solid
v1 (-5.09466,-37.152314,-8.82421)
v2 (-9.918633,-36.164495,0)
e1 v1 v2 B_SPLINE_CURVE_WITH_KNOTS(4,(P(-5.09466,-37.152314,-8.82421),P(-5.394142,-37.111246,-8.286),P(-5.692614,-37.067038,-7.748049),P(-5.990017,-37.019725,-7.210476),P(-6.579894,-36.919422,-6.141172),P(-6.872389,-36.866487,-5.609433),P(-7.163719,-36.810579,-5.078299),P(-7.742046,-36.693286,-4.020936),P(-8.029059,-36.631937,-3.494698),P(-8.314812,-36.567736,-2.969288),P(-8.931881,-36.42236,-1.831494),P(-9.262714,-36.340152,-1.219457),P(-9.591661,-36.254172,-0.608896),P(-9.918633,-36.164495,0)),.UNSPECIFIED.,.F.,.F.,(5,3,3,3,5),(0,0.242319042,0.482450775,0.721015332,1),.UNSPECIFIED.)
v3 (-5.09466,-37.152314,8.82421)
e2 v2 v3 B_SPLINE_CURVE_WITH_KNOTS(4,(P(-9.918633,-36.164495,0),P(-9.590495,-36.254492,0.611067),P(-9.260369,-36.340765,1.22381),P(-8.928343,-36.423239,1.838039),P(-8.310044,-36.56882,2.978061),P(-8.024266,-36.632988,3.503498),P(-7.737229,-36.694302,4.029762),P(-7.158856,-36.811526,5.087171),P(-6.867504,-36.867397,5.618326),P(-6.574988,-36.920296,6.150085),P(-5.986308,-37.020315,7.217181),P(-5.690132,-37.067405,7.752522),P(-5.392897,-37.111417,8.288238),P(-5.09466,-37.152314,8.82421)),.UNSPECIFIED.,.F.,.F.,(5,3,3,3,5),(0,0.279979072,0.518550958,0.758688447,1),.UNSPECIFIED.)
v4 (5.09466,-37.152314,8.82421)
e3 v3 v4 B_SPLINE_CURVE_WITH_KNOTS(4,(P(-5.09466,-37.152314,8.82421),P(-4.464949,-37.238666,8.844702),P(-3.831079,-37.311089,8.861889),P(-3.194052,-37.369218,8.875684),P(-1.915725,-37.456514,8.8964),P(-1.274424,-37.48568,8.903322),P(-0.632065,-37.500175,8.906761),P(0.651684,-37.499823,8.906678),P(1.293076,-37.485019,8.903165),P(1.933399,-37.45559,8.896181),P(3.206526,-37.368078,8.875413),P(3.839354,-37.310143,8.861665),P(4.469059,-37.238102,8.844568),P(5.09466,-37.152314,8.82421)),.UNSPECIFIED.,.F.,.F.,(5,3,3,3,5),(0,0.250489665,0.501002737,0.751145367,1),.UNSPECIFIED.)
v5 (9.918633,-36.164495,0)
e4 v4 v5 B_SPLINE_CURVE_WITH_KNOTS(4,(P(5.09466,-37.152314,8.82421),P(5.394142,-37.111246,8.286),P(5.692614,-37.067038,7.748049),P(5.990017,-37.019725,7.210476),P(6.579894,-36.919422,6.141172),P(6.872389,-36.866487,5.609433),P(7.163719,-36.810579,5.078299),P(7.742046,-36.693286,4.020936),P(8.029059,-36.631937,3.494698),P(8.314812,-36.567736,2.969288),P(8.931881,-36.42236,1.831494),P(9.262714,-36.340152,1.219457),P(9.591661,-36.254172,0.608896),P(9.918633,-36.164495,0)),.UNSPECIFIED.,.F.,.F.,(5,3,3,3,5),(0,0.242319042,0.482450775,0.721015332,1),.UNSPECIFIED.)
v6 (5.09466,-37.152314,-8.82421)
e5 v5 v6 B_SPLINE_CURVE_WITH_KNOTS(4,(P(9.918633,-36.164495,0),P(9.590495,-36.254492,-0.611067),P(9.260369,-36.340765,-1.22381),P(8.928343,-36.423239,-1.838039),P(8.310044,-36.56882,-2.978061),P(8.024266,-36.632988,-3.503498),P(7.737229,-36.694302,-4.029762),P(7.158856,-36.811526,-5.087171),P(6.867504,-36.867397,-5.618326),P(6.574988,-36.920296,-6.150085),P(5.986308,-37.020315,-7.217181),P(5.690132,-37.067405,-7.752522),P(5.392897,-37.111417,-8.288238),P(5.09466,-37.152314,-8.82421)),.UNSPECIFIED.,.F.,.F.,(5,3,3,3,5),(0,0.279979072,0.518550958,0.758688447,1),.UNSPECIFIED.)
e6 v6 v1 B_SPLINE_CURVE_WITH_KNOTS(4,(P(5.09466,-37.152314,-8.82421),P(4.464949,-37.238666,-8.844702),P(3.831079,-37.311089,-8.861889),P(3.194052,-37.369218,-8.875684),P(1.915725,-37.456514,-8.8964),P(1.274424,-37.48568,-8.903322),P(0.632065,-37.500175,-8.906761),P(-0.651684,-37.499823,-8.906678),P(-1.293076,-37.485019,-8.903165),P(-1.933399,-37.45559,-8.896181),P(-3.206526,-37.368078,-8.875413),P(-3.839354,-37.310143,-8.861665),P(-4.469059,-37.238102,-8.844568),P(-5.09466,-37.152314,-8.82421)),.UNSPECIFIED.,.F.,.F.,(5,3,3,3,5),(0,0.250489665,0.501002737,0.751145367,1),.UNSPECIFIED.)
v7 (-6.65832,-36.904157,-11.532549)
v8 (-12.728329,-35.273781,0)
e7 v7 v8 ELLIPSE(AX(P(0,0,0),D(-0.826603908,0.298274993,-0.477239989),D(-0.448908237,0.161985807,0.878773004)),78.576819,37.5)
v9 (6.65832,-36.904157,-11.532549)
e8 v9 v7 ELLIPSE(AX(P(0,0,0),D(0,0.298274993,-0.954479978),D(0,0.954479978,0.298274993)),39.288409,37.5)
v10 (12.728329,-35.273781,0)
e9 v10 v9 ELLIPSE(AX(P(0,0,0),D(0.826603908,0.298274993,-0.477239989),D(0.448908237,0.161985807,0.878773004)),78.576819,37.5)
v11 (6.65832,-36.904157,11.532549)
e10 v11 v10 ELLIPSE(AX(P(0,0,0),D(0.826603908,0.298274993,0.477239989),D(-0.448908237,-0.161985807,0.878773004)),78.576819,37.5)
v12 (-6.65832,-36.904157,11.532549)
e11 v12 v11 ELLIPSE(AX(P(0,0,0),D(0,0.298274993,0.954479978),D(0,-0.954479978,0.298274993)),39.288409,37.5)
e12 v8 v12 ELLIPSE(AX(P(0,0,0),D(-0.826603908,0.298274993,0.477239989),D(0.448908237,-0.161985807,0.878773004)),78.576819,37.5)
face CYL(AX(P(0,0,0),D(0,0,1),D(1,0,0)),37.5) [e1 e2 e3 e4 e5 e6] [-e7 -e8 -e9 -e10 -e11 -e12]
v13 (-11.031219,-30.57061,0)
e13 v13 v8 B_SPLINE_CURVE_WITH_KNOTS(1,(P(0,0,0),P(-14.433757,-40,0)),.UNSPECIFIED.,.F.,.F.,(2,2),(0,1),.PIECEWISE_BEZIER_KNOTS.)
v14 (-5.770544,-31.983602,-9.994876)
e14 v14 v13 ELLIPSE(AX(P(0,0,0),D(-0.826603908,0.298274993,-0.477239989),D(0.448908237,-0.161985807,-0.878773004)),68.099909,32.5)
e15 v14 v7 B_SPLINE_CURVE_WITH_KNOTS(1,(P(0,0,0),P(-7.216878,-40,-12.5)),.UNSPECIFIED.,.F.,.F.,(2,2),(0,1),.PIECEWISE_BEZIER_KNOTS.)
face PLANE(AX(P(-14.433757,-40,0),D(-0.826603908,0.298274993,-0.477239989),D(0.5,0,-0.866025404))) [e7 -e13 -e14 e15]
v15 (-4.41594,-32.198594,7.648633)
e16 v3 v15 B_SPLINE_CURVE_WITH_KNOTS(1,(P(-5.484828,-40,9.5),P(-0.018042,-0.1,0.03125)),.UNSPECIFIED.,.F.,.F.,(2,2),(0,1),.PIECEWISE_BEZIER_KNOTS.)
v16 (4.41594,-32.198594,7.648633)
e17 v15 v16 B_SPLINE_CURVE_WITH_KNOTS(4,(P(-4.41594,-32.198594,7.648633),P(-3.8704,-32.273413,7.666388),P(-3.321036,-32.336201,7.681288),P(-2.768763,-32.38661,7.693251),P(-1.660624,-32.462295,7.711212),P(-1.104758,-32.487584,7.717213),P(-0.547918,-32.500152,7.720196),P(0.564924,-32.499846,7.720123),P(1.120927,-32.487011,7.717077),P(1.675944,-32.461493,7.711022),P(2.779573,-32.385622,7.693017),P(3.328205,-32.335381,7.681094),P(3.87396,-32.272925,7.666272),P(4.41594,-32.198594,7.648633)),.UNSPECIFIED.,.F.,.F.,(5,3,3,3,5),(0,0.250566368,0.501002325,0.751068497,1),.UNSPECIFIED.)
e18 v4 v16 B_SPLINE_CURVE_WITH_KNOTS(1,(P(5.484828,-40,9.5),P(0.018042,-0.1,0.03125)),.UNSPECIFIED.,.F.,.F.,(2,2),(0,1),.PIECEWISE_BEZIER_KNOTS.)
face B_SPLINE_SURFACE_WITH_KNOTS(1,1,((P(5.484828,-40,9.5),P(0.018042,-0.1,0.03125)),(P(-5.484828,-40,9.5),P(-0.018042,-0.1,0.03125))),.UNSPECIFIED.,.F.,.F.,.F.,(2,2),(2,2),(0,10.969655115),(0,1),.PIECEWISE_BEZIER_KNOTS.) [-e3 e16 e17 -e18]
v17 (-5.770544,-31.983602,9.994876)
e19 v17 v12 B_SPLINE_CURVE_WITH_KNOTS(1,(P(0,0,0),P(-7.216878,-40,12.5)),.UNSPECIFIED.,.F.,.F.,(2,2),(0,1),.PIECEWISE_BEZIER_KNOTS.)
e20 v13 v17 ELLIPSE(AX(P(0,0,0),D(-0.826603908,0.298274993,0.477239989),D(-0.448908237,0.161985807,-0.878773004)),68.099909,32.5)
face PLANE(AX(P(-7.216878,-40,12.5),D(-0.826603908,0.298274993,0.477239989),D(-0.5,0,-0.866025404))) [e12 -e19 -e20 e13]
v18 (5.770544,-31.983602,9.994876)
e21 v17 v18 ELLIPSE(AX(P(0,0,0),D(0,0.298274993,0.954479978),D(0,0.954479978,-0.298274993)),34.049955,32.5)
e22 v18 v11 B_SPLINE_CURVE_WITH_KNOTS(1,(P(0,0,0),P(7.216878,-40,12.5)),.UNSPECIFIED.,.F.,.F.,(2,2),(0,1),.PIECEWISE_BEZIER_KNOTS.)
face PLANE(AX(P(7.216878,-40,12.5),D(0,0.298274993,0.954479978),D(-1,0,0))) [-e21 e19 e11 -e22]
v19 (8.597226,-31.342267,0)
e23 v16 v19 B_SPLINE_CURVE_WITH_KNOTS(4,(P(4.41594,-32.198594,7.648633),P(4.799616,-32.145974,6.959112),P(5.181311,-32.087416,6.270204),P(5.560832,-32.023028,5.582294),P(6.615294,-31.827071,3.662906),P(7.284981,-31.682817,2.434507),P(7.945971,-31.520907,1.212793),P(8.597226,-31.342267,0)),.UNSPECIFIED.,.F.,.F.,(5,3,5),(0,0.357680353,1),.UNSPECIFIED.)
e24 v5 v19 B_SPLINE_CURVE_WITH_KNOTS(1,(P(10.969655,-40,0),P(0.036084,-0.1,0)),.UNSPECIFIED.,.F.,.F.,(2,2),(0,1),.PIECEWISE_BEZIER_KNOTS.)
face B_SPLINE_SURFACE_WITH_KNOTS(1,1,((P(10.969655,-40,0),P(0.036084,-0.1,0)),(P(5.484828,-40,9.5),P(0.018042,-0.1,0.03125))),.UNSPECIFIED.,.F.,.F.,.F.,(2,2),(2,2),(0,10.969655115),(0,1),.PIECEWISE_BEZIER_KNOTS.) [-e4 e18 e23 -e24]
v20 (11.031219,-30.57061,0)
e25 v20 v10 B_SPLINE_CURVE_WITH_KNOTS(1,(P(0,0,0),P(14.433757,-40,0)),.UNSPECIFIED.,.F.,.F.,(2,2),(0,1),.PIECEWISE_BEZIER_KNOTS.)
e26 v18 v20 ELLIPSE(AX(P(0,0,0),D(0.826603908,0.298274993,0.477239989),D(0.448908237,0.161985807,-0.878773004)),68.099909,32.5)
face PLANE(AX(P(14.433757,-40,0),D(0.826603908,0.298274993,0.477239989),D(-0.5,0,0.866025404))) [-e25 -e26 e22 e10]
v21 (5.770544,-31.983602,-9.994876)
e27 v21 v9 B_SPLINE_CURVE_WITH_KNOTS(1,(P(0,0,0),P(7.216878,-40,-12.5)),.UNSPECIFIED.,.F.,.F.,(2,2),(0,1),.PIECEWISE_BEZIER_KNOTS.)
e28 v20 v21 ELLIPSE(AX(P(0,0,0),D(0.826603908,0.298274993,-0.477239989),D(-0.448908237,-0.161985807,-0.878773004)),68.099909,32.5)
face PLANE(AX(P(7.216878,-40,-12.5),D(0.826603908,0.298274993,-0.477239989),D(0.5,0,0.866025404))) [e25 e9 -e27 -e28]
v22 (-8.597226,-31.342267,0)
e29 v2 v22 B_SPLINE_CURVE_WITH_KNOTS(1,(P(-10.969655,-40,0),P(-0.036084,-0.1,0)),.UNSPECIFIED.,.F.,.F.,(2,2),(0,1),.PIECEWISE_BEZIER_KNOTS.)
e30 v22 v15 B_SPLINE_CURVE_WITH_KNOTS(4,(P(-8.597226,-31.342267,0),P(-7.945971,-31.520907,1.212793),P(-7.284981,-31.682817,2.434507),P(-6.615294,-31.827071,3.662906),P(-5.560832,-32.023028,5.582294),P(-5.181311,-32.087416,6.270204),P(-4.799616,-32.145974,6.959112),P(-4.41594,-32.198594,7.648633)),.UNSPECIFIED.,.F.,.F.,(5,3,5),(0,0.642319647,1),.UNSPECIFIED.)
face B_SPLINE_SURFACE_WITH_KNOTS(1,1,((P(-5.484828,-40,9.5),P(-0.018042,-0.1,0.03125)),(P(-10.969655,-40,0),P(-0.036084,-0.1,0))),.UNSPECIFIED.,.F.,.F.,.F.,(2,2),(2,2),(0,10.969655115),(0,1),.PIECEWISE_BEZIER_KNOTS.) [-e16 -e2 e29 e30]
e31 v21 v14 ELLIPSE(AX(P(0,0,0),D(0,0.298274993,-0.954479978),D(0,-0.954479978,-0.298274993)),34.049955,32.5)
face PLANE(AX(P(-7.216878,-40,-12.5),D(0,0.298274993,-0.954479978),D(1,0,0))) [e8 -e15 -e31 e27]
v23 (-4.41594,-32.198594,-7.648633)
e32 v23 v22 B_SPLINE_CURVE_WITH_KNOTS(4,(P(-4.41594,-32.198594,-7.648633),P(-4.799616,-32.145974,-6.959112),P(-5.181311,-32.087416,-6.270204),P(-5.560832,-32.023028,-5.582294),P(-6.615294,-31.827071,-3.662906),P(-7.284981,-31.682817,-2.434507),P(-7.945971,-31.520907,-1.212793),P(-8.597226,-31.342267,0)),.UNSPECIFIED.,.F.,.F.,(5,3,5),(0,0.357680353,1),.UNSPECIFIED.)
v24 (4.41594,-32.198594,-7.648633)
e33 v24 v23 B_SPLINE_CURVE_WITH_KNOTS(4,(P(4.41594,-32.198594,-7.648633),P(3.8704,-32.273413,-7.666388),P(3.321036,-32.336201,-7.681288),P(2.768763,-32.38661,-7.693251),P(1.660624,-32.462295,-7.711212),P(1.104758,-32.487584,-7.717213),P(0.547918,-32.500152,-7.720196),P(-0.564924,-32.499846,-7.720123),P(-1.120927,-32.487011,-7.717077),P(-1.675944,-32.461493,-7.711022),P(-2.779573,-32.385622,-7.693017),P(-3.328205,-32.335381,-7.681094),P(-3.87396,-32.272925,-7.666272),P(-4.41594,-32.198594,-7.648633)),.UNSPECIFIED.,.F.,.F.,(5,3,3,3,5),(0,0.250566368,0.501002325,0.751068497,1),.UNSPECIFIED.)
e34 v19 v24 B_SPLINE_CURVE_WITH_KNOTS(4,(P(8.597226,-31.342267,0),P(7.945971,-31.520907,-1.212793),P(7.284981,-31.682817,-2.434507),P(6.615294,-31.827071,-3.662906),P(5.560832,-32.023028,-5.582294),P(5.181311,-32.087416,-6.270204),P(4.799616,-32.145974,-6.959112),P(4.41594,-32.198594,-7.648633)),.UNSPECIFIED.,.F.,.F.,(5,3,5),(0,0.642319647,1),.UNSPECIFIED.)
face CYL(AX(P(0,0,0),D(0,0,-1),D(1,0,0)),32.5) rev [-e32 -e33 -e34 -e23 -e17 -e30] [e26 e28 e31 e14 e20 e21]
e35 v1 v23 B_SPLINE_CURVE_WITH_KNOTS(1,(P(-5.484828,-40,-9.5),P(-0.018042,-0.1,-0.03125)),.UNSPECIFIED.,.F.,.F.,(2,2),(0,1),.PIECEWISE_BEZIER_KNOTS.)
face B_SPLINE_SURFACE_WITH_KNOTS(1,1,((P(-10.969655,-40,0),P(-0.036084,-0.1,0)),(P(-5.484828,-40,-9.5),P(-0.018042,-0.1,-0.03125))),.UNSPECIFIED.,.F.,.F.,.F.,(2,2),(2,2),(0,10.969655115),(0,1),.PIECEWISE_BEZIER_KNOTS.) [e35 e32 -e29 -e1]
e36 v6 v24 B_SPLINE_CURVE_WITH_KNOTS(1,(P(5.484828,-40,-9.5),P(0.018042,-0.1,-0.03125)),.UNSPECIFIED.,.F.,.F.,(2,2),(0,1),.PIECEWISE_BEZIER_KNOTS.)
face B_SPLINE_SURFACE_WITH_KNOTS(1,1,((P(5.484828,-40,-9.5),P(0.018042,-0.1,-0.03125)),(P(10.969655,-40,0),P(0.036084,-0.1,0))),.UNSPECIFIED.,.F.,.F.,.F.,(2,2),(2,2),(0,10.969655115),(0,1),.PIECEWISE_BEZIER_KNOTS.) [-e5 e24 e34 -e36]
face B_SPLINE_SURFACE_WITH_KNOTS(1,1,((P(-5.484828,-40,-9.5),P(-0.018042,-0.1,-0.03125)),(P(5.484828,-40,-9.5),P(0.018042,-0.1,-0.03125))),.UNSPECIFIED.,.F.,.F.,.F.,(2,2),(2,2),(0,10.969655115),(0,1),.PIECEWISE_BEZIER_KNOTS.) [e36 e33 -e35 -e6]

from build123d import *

# Parameters (mm, degrees)
F7_R     = 37.5
F7_R_2   = 32.5
F8_DEPTH = 25


with BuildPart() as f2:
    # F1 (on offset) → F2 section 0
    with BuildSketch(Plane.XZ.offset(40), mode=Mode.PRIVATE) as f2_s0:
        Polygon((-7.2168783649, -12.5), (7.2168783649, -12.5), (14.4337567297, 0), (7.2168783649, 12.5), (-7.2168783649, 12.5), (-14.4337567297, 0), align=None)
    loft([Vertex(0, 0, 0), f2_s0.sketch])

    # F4 (on offset) → F6 section 0
    with BuildSketch(Plane.XZ.offset(40)):
        Polygon((-5.4848275573, -9.5), (5.4848275573, -9.5), (10.9696551146, 0), (5.4848275573, 9.5), (-5.4848275573, 9.5), (-10.9696551146, 0), align=None)
    # F5 (on offset) → F6 section 1
    with BuildSketch(Plane.XZ.offset(0.1)):
        Polygon((0.0180421959, 0.03125), (-0.0180421959, 0.03125), (-0.0360843918, 0), (-0.0180421959, -0.03125), (0.0180421959, -0.03125), (0.0360843918, 0), align=None)
    loft(mode=Mode.SUBTRACT)

    # F7 (on Top) → F8 (intersect, symmetric)
    with BuildSketch(Plane.XY):
        Circle(F7_R)
        Circle(F7_R_2, mode=Mode.SUBTRACT)
    extrude(amount=F8_DEPTH, both=True, mode=Mode.INTERSECT)


solid = f2.part
